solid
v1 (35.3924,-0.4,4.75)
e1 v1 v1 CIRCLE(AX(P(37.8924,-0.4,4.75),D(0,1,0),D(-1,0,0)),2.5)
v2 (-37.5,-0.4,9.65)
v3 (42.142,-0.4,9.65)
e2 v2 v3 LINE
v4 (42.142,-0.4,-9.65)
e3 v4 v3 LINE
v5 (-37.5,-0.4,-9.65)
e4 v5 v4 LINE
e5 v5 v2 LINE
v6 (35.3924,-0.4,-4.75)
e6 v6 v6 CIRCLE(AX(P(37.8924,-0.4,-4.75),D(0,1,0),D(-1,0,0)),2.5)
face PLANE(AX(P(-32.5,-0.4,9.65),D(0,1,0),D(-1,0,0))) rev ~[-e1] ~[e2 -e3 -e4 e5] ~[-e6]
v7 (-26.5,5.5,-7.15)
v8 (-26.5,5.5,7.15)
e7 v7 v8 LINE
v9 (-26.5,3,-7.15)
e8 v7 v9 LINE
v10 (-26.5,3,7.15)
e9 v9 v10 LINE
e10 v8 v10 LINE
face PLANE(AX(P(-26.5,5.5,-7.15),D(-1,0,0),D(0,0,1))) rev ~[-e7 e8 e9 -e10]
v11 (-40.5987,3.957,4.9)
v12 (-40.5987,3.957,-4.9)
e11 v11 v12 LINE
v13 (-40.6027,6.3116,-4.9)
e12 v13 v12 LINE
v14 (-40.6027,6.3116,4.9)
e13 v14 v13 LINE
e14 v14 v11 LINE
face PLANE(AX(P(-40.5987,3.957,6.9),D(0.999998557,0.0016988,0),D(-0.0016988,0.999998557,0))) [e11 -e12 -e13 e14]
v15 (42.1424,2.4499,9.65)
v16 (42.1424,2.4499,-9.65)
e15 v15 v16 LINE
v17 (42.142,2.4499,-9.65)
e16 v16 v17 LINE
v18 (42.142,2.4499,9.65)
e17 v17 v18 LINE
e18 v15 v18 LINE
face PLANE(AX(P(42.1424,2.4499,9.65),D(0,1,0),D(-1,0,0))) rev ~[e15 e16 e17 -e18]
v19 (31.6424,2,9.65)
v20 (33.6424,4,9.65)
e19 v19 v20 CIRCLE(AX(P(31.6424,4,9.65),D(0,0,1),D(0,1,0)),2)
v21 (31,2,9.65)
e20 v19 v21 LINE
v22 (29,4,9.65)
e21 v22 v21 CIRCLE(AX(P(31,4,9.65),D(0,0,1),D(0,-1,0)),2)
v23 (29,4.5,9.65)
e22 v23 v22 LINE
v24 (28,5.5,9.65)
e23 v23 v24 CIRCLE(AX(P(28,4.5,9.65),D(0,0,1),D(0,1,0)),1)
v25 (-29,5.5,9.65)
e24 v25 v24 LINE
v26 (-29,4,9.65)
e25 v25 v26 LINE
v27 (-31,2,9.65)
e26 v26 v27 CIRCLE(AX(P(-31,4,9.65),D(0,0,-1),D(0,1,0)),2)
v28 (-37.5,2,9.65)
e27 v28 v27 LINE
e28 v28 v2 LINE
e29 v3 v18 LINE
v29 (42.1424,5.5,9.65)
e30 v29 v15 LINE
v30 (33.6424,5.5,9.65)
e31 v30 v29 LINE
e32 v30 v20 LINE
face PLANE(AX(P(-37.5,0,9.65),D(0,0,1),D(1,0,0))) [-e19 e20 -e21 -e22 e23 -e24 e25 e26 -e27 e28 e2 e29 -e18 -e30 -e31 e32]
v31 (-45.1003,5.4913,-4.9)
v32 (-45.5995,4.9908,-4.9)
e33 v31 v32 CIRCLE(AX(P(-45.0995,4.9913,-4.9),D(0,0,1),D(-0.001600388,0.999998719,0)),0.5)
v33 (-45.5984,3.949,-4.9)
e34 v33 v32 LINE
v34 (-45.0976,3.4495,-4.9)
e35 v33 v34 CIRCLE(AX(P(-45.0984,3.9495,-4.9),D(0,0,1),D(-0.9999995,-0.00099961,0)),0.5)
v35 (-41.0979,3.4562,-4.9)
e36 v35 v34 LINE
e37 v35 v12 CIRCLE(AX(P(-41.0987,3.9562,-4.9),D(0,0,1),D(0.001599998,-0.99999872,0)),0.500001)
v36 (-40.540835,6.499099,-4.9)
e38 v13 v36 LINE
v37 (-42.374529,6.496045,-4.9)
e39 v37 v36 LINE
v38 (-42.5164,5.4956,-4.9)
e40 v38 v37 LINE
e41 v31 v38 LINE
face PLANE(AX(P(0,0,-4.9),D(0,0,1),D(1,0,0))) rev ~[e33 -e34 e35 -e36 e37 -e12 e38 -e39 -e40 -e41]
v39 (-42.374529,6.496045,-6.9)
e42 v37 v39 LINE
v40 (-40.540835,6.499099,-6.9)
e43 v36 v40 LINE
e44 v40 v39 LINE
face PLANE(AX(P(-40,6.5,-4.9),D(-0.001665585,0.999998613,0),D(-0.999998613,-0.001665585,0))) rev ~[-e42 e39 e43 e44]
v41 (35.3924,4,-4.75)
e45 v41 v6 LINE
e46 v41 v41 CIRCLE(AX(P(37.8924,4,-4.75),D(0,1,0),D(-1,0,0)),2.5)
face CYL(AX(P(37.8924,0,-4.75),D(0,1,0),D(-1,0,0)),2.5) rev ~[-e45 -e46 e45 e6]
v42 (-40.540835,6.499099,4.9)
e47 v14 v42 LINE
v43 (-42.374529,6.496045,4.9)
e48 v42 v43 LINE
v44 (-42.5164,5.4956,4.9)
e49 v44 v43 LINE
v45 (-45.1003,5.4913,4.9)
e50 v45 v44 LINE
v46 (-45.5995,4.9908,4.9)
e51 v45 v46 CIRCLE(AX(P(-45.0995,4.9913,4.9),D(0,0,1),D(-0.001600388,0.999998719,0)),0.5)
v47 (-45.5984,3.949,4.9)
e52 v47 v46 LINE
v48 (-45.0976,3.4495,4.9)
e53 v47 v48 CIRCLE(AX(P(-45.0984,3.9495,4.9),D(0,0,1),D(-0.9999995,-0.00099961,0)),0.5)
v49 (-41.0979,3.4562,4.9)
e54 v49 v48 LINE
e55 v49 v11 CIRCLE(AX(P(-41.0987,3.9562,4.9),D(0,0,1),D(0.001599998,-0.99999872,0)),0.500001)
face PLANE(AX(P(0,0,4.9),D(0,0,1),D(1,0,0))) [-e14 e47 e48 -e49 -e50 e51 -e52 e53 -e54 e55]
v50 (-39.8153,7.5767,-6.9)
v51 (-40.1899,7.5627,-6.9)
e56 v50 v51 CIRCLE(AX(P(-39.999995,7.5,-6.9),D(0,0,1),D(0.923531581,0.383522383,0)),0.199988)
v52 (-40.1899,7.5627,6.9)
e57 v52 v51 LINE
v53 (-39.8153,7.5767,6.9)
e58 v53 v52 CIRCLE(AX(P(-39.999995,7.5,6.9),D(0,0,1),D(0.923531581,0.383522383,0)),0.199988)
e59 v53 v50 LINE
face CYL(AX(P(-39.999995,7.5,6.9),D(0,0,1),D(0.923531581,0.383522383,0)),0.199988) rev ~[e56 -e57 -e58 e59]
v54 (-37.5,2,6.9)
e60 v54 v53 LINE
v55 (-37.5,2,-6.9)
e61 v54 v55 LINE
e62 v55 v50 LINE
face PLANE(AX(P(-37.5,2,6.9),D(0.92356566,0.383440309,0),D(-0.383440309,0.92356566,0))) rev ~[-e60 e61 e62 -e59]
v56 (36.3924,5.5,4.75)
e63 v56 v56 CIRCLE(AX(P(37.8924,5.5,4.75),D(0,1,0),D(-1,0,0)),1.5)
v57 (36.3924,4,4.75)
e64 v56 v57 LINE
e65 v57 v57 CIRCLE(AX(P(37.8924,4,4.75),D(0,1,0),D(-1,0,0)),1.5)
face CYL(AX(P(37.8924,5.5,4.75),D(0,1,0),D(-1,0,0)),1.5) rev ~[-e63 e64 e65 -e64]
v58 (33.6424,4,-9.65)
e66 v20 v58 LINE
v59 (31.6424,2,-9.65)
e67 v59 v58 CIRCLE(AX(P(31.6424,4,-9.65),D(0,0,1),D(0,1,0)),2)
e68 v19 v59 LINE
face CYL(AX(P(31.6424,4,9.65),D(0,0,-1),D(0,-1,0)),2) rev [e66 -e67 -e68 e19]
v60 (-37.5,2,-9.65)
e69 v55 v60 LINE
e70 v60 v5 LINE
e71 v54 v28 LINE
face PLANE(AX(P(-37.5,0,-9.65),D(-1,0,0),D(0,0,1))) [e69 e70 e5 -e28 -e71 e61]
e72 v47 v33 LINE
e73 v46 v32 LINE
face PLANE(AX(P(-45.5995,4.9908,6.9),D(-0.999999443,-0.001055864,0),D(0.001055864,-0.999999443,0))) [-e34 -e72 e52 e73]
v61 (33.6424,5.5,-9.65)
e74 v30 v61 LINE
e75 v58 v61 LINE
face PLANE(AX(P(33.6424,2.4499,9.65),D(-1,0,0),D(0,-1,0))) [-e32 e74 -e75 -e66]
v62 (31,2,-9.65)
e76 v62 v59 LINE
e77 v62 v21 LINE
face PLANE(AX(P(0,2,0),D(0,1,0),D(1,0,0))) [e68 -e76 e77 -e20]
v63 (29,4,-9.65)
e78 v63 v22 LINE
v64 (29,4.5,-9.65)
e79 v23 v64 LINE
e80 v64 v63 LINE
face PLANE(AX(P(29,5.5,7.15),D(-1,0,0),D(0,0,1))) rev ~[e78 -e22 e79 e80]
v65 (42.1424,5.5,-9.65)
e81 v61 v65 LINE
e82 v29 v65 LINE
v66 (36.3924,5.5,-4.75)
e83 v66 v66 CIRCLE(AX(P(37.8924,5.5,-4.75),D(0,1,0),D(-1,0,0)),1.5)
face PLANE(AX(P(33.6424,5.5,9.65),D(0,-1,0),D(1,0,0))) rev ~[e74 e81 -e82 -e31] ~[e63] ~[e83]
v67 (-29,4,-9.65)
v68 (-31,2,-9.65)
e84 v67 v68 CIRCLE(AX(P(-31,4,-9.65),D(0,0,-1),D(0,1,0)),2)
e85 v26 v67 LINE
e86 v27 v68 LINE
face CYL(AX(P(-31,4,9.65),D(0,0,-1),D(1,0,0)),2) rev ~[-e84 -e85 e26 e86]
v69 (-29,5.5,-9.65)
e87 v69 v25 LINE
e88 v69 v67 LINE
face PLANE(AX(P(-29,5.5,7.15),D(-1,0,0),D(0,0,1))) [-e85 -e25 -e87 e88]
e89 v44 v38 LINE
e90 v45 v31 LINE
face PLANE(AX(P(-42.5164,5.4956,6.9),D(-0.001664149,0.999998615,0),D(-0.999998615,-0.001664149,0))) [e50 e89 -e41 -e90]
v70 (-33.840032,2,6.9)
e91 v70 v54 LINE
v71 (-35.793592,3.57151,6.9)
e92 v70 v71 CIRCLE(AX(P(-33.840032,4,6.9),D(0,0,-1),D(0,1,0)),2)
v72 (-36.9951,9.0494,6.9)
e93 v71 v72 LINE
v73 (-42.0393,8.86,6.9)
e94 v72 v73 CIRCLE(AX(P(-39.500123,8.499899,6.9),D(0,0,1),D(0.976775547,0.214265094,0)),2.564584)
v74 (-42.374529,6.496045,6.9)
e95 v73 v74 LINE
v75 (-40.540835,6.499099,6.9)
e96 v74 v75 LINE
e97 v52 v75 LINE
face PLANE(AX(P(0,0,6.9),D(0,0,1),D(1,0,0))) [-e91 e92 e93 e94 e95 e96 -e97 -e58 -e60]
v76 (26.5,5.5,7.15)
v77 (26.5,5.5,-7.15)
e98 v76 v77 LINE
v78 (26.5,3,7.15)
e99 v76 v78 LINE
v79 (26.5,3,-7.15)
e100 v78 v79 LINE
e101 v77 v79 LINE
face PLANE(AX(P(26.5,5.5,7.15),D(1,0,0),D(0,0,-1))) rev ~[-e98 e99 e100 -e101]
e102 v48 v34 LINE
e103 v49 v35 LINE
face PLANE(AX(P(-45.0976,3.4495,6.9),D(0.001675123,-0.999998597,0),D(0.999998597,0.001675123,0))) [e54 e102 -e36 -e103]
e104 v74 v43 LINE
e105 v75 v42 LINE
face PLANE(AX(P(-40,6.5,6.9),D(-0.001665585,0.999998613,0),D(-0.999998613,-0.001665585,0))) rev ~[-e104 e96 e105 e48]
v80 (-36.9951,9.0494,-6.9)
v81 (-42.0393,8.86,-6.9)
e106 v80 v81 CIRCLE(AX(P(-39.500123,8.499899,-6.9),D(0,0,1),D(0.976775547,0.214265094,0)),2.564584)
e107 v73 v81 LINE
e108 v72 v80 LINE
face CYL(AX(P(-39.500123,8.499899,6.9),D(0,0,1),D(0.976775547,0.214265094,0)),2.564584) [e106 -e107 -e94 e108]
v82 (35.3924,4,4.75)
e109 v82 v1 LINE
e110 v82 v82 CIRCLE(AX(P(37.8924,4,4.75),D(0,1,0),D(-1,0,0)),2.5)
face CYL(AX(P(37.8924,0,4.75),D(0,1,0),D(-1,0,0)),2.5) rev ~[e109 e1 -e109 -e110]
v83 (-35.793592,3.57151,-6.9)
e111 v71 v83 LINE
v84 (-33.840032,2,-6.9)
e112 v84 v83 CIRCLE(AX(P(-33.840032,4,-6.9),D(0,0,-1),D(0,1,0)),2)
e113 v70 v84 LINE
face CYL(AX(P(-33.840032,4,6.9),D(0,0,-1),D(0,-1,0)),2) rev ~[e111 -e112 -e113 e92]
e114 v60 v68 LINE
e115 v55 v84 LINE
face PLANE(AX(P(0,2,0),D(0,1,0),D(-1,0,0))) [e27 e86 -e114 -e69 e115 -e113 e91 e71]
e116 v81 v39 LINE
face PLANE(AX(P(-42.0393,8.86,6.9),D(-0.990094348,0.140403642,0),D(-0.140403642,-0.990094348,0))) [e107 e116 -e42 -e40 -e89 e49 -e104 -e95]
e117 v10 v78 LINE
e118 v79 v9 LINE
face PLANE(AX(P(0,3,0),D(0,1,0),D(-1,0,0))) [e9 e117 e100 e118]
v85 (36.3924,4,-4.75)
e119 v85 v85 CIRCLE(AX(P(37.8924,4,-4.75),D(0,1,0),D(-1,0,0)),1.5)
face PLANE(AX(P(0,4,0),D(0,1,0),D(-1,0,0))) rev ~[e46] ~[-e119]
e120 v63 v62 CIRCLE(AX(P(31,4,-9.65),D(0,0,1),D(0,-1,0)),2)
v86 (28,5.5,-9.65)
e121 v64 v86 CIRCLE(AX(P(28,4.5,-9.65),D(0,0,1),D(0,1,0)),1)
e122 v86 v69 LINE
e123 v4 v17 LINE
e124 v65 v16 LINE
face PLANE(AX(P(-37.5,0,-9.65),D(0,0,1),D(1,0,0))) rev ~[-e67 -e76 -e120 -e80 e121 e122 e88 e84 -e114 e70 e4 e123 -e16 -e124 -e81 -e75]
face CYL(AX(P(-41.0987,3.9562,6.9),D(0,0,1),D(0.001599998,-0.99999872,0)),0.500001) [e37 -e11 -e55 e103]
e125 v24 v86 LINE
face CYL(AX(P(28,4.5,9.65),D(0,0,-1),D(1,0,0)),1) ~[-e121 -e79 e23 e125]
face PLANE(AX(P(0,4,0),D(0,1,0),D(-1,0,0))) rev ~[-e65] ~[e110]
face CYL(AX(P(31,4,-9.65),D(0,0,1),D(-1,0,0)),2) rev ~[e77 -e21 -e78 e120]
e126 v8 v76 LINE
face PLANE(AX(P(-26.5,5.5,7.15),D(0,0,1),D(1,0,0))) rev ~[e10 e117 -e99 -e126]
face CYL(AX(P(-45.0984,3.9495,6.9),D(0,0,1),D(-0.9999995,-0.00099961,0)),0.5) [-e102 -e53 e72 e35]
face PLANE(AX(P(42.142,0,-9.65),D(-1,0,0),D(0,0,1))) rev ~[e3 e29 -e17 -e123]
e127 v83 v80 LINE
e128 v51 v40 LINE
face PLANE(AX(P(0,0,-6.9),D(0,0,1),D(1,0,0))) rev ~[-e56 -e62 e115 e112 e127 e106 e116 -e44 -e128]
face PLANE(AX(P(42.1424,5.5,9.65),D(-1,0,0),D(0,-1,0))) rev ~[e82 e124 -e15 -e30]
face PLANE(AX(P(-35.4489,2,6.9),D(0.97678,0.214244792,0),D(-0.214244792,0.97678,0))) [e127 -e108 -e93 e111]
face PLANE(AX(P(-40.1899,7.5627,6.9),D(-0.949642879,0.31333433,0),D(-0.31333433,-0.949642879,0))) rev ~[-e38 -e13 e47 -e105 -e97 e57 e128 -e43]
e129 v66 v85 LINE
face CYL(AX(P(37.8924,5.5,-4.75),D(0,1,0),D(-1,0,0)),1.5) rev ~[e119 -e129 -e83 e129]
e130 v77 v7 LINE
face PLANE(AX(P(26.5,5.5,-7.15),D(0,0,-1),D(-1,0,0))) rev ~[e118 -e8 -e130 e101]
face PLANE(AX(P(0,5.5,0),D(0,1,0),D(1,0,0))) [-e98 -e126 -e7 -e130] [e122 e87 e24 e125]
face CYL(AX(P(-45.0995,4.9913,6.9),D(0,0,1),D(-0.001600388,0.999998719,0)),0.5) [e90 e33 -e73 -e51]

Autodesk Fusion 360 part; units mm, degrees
sketch "Sketch1" plane through (0, 0, 0) normal (0, 1, 0) x (1, 0, 0)
  line L0 (32.5, 9.65) -> (-32.5, 9.65)
  line L1 (-32.5, 9.65) -> (-32.5, -9.65)
  line L2 (-32.5, -9.65) -> (32.5, -9.65)
  line L3 (32.5, -9.65) -> (32.5, 9.65)
  line L4 (32.5, 9.65) -> (-32.5, -9.65) construction
  line L5 (-32.5, 9.65) -> (32.5, -9.65) construction
  line L6 (32.5, 9.65) -> (34.5, 9.65)
  line L7 (34.5, 9.65) -> (34.5, -9.35)
  line L8 (34.5, -9.35) -> (32.5, -9.35)
  line L9 (32.5, -9.35) -> (32.5, 9.65)
  line L10 (-32.5, 9.65) -> (-37.5, 9.65)
  line L11 (-37.5, 9.65) -> (-37.5, -9.5)
  line L12 (-37.5, -9.5) -> (-32.5, -9.5)
  line L13 (-32.5, -9.5) -> (-32.5, 9.65)
  dimension "d1" = 65
  dimension "d2" = 19.3
  dimension "d3" = 2
  dimension "d4" = 19
  dimension "d5" = 5
extrude "Extrude1" add sketch "Sketch1" along normal blind 5.5 contours L0 L1 L2 L3 L9 L13
extrude "Extrude2" add sketch "Sketch1" along normal blind 2 contours L3 L6 L7 L8 L9
extrude "Extrude3" add sketch "Sketch1" along normal blind 2 contours L1 L10 L11 L12 L13
sketch "Sketch2" plane through (0, 0, 9.65) normal (0, 0, 1) x (1, 0, 0)
  line L0 (-32.5, 0) -> (32.5, 0)
  line L1 (34.5, 0) -> (34.5, 2)
  line L2 (34.5, 2) -> (32.5, 2)
  line L3 (32.5, 0) -> (32.5, 5.5)
  line L4 (32.5, 5.5) -> (-32.5, 5.5)
  line L5 (-32.5, 5.5) -> (-32.5, 0)
  line L6 (-32.5, 2) -> (-37.5, 2)
  line L7 (-37.5, 2) -> (-37.5, 0)
  line L8 (33.6424, 5.5) -> (42.1424, 5.5)
  line L9 (33.6424, 5.5) -> (33.6424, 2.4499)
  line L10 (42.1424, 5.5) -> (42.1424, 2.4499)
  line L11 (42.1424, 2.4499) -> (33.6424, 2.4499)
  line L12 (-32.5, 0) -> (-40.5, 0)
  line L13 (-45.0976, 3.4495) -> (-41.0979, 3.4562)
  line L14 (-40.5987, 3.957) -> (-40.6027, 6.3116)
  line L15 (-42.5164, 5.4956) -> (-45.1003, 5.4913)
  line L16 (-45.5995, 4.9908) -> (-45.5984, 3.949)
  line L17 (-37.5, 2) -> (-39.8153, 7.5767)
  line L18 (-40.1899, 7.5627) -> (-40.6027, 6.3116)
  arc A0 (-39.8153, 7.5767) -> (-40.1899, 7.5627) centre (-40, 7.5) ccw
  arc A1 (-45.1003, 5.4913) -> (-45.5995, 4.9908) centre (-45.0995, 4.9913) ccw
  arc A2 (-45.5984, 3.949) -> (-45.0976, 3.4495) centre (-45.0984, 3.9495) ccw
  arc A3 (-41.0979, 3.4562) -> (-40.5987, 3.957) centre (-41.0987, 3.9562) ccw
  line L19 (33.6424, 2.4499) -> (33.6424, 2)
  line L20 (-35.4489, 2) -> (-36.9951, 9.0494)
  arc A4 (-36.9951, 9.0494) -> (-42.0393, 8.86) centre (-39.5001, 8.4999) ccw
  line L21 (-42.0393, 8.86) -> (-42.5164, 5.4956)
  line L22 (32.5, 0) -> (34.5, 0)
  line L23 (32.5, 2) -> (32.5, 0)
  line L24 (-37.5, 0) -> (-32.5, 0)
  line L25 (-32.5, 0) -> (-32.5, 2)
  line L26 (34.5, 2) -> (34.5, 2.4499)
  point P0 (-45.5979, 3.4487)
  point P1 (-40.5979, 3.457)
  dimension "d12" = 8.5
  dimension "d41" = 8
  dimension "d42" = 5
  dimension "d44" = 0.2
  dimension "d45" = 0.5
  dimension "d46" = 0.5
  dimension "d47" = 0.5
extrude "Extrude4" add sketch "Sketch2" against normal blind 19.2 contours L1 L2 L3 L22 L23 | L2 L11 L19 L26 | L8 L9 L10 L11
extrude "Extrude5" add sketch "Sketch2" along normal blind -19.3 and the other way blind 2.5 contours L5 L6 L7 L12 L24 L25 | L1 L2 L3 L22 L23 | L2 L11 L19 L26 | L8 L9 L10 L11
fillet "Fillet1" radius 1 1 edges at (-32.5, 5.5, 0)
fillet "Fillet2" radius 1 1 edges at (32.5, 5.5, 0)
sketch "Sketch3" plane through (0, 5.5, 0) normal (0, 1, 0) x (-1, 0, 0)
  line L0 (-33.6424, 9.65) -> (-42.1424, 9.65)
  line L1 (-42.1424, 9.65) -> (-42.1424, -9.65)
  line L2 (-42.1424, -9.65) -> (-33.6424, -9.65)
  line L3 (-33.6424, -9.65) -> (-33.6424, 9.65)
  line L4 (-33.6424, 0) -> (-42.1424, 0)
  circle A0 centre (-37.8924, -4.75) radius 1.5
  circle A1 centre (-37.8924, -4.75) radius 2.5
  circle A2 centre (-37.8924, 4.75) radius 2.5
  circle A3 centre (-37.8924, 4.75) radius 1.5
  dimension "d31" = 3
  dimension "d32" = 5
extrude "Extrude6" cut sketch "Sketch3" against normal blind 6 contours A0 | A3
extrude "Extrude10" add 1 faces at (34.5, 1.4833, 3.2167) along direction (1, 0, 0) blind 7.642
extrude "Extrude7" cut sketch "Sketch3" along normal blind -5.5 and the other way blind 1.5 contours A0 | A1 | A2 | A3
sketch "Sketch6" plane through (0, 5.5, 0) normal (0, 1, 0) x (-1, 0, 0)
  line L0 (-31.5, 9.65) -> (-31.5, -9.65)
  line L1 (-31.5, -9.65) -> (31.5, -9.65)
  line L2 (31.5, -9.65) -> (31.5, 9.65)
  line L3 (31.5, 9.65) -> (-31.5, 9.65)
  line L4 (31.5, 9.65) -> (-31.5, 9.65)
  line L5 (-31.5, 9.65) -> (-31.5, -9.65)
  line L6 (-31.5, -9.65) -> (31.5, -9.65)
  line L7 (31.5, -9.65) -> (31.5, 9.65)
  line L8 (-29, -7.15) -> (29, -7.15)
  line L9 (29, -9.65) -> (29, 9.65)
  line L10 (29, 7.15) -> (-29, 7.15)
  line L11 (-29, 7.15) -> (-29, -7.15)
  line L12 (-26.5, 7.15) -> (-26.5, -7.15)
  line L13 (-29, 7.15) -> (-29, 9.65)
  line L14 (-29, -7.15) -> (-29, -9.65)
  line L15 (-31.5, 9.65) -> (-32.5, 9.65)
  line L16 (-32.5, 9.65) -> (-32.5, -9.65)
  line L17 (-32.5, -9.65) -> (-31.5, -9.65)
  line L18 (31.5, -9.65) -> (32.5, -9.65)
  line L19 (32.5, -9.65) -> (32.5, 9.65)
  line L20 (32.5, 9.65) -> (31.5, 9.65)
  line L21 (31.5, 9.65) -> (31.5, -9.65)
  line L22 (26.5, -7.15) -> (26.5, 7.15)
  line L23 (29, 0) -> (29, 7.15)
  dimension "d58" = -2.5
  dimension "d69" = -2.5
extrude "Extrude11" cut sketch "Sketch6" against normal blind 2.5 contours L8 L10 L12 L22
extrude "Extrude12" cut sketch "Sketch6" against normal blind 3.5 contours L0 L1 L3 L4 L5 L6 L11 L13 L14 | L0 L5 L15 L16 L17 | L1 L2 L3 L4 L6 L7 L9 L21 L23 | L2 L7 L18 L19 L20 L21
fillet "Fillet4" radius 1 1 edges at (29, 5.5, 0)
extrude "Extrude14" add sketch "Sketch2" along normal blind -16.55 and the other way blind 2.75 contours L5 L6 L7 L12 L24 L25 | L6 L13 L14 L15 L16 L17 L18 A0 A1 A2 A3 L20 A4 L21
extrude "Extrude15" add sketch "Sketch2" against normal blind 0.8 contours L5 L6 L7 L12 L24 L25
fillet "Fillet5" radius 2 2 edges at (33.6424, 2, 0) (29, 2, 0)
fillet "Fillet6" radius 2 2 edges at (-35.4489, 2, 0) (-29, 2, 0)
extrude "Extrude16" add 1 faces at (-13.1932, 0, 1.4591) along direction (0, -1, 0) blind 0.4
sketch "Sketch8" plane through (0, 0, 6.9) normal (0, 0, 1) x (1, 0, 0)
  line L0 (-37.5, 2) -> (-33.84, 2)
  arc A0 (-35.7936, 3.5715) -> (-33.84, 2) centre (-33.84, 4) ccw
  line L1 (-35.7936, 3.5715) -> (-36.9951, 9.0494)
  arc A1 (-36.9951, 9.0494) -> (-42.0393, 8.86) centre (-39.5001, 8.4999) ccw
  line L2 (-42.0393, 8.86) -> (-42.5164, 5.4956)
  line L3 (-42.5164, 5.4956) -> (-45.1003, 5.4913)
  arc A2 (-45.1003, 5.4913) -> (-45.5995, 4.9908) centre (-45.0995, 4.9913) ccw
  line L4 (-45.5995, 4.9908) -> (-45.5984, 3.949)
  arc A3 (-45.5984, 3.949) -> (-45.0976, 3.4495) centre (-45.0984, 3.9495) ccw
  line L5 (-45.0976, 3.4495) -> (-41.0979, 3.4562)
  arc A4 (-41.0979, 3.4562) -> (-40.5987, 3.957) centre (-41.0987, 3.9562) ccw
  line L6 (-40.5987, 3.957) -> (-40.6027, 6.3116)
  line L7 (-40.6027, 6.3116) -> (-40.1899, 7.5627)
  arc A5 (-39.8153, 7.5767) -> (-40.1899, 7.5627) centre (-40, 7.5) ccw
  line L8 (-39.8153, 7.5767) -> (-37.5, 2)
  line L9 (-40, 6.5) -> (-46.4842, 6.4892)
  line L10 (-46.4842, 6.4892) -> (-46.4774, 2.362)
  line L11 (-46.4774, 2.362) -> (-39.9747, 2.3728)
  line L12 (-39.9747, 2.3728) -> (-40, 6.5)
extrude "Extrude17" cut sketch "Sketch8" against normal blind 2 contours L2 L3 A2 L4 A3 L5 A4 L6 L7 L9 L10 L11 L12 | L2 L3 A2 L4 A3 L5 A4 L6 L7 L9
extrude "Extrude18" cut sketch "Sketch8" along normal blind -13.8 and the other way blind 11.8 contours L2 L3 A2 L4 A3 L5 A4 L6 L7 L9 L10 L11 L12 | L2 L3 A2 L4 A3 L5 A4 L6 L7 L9
